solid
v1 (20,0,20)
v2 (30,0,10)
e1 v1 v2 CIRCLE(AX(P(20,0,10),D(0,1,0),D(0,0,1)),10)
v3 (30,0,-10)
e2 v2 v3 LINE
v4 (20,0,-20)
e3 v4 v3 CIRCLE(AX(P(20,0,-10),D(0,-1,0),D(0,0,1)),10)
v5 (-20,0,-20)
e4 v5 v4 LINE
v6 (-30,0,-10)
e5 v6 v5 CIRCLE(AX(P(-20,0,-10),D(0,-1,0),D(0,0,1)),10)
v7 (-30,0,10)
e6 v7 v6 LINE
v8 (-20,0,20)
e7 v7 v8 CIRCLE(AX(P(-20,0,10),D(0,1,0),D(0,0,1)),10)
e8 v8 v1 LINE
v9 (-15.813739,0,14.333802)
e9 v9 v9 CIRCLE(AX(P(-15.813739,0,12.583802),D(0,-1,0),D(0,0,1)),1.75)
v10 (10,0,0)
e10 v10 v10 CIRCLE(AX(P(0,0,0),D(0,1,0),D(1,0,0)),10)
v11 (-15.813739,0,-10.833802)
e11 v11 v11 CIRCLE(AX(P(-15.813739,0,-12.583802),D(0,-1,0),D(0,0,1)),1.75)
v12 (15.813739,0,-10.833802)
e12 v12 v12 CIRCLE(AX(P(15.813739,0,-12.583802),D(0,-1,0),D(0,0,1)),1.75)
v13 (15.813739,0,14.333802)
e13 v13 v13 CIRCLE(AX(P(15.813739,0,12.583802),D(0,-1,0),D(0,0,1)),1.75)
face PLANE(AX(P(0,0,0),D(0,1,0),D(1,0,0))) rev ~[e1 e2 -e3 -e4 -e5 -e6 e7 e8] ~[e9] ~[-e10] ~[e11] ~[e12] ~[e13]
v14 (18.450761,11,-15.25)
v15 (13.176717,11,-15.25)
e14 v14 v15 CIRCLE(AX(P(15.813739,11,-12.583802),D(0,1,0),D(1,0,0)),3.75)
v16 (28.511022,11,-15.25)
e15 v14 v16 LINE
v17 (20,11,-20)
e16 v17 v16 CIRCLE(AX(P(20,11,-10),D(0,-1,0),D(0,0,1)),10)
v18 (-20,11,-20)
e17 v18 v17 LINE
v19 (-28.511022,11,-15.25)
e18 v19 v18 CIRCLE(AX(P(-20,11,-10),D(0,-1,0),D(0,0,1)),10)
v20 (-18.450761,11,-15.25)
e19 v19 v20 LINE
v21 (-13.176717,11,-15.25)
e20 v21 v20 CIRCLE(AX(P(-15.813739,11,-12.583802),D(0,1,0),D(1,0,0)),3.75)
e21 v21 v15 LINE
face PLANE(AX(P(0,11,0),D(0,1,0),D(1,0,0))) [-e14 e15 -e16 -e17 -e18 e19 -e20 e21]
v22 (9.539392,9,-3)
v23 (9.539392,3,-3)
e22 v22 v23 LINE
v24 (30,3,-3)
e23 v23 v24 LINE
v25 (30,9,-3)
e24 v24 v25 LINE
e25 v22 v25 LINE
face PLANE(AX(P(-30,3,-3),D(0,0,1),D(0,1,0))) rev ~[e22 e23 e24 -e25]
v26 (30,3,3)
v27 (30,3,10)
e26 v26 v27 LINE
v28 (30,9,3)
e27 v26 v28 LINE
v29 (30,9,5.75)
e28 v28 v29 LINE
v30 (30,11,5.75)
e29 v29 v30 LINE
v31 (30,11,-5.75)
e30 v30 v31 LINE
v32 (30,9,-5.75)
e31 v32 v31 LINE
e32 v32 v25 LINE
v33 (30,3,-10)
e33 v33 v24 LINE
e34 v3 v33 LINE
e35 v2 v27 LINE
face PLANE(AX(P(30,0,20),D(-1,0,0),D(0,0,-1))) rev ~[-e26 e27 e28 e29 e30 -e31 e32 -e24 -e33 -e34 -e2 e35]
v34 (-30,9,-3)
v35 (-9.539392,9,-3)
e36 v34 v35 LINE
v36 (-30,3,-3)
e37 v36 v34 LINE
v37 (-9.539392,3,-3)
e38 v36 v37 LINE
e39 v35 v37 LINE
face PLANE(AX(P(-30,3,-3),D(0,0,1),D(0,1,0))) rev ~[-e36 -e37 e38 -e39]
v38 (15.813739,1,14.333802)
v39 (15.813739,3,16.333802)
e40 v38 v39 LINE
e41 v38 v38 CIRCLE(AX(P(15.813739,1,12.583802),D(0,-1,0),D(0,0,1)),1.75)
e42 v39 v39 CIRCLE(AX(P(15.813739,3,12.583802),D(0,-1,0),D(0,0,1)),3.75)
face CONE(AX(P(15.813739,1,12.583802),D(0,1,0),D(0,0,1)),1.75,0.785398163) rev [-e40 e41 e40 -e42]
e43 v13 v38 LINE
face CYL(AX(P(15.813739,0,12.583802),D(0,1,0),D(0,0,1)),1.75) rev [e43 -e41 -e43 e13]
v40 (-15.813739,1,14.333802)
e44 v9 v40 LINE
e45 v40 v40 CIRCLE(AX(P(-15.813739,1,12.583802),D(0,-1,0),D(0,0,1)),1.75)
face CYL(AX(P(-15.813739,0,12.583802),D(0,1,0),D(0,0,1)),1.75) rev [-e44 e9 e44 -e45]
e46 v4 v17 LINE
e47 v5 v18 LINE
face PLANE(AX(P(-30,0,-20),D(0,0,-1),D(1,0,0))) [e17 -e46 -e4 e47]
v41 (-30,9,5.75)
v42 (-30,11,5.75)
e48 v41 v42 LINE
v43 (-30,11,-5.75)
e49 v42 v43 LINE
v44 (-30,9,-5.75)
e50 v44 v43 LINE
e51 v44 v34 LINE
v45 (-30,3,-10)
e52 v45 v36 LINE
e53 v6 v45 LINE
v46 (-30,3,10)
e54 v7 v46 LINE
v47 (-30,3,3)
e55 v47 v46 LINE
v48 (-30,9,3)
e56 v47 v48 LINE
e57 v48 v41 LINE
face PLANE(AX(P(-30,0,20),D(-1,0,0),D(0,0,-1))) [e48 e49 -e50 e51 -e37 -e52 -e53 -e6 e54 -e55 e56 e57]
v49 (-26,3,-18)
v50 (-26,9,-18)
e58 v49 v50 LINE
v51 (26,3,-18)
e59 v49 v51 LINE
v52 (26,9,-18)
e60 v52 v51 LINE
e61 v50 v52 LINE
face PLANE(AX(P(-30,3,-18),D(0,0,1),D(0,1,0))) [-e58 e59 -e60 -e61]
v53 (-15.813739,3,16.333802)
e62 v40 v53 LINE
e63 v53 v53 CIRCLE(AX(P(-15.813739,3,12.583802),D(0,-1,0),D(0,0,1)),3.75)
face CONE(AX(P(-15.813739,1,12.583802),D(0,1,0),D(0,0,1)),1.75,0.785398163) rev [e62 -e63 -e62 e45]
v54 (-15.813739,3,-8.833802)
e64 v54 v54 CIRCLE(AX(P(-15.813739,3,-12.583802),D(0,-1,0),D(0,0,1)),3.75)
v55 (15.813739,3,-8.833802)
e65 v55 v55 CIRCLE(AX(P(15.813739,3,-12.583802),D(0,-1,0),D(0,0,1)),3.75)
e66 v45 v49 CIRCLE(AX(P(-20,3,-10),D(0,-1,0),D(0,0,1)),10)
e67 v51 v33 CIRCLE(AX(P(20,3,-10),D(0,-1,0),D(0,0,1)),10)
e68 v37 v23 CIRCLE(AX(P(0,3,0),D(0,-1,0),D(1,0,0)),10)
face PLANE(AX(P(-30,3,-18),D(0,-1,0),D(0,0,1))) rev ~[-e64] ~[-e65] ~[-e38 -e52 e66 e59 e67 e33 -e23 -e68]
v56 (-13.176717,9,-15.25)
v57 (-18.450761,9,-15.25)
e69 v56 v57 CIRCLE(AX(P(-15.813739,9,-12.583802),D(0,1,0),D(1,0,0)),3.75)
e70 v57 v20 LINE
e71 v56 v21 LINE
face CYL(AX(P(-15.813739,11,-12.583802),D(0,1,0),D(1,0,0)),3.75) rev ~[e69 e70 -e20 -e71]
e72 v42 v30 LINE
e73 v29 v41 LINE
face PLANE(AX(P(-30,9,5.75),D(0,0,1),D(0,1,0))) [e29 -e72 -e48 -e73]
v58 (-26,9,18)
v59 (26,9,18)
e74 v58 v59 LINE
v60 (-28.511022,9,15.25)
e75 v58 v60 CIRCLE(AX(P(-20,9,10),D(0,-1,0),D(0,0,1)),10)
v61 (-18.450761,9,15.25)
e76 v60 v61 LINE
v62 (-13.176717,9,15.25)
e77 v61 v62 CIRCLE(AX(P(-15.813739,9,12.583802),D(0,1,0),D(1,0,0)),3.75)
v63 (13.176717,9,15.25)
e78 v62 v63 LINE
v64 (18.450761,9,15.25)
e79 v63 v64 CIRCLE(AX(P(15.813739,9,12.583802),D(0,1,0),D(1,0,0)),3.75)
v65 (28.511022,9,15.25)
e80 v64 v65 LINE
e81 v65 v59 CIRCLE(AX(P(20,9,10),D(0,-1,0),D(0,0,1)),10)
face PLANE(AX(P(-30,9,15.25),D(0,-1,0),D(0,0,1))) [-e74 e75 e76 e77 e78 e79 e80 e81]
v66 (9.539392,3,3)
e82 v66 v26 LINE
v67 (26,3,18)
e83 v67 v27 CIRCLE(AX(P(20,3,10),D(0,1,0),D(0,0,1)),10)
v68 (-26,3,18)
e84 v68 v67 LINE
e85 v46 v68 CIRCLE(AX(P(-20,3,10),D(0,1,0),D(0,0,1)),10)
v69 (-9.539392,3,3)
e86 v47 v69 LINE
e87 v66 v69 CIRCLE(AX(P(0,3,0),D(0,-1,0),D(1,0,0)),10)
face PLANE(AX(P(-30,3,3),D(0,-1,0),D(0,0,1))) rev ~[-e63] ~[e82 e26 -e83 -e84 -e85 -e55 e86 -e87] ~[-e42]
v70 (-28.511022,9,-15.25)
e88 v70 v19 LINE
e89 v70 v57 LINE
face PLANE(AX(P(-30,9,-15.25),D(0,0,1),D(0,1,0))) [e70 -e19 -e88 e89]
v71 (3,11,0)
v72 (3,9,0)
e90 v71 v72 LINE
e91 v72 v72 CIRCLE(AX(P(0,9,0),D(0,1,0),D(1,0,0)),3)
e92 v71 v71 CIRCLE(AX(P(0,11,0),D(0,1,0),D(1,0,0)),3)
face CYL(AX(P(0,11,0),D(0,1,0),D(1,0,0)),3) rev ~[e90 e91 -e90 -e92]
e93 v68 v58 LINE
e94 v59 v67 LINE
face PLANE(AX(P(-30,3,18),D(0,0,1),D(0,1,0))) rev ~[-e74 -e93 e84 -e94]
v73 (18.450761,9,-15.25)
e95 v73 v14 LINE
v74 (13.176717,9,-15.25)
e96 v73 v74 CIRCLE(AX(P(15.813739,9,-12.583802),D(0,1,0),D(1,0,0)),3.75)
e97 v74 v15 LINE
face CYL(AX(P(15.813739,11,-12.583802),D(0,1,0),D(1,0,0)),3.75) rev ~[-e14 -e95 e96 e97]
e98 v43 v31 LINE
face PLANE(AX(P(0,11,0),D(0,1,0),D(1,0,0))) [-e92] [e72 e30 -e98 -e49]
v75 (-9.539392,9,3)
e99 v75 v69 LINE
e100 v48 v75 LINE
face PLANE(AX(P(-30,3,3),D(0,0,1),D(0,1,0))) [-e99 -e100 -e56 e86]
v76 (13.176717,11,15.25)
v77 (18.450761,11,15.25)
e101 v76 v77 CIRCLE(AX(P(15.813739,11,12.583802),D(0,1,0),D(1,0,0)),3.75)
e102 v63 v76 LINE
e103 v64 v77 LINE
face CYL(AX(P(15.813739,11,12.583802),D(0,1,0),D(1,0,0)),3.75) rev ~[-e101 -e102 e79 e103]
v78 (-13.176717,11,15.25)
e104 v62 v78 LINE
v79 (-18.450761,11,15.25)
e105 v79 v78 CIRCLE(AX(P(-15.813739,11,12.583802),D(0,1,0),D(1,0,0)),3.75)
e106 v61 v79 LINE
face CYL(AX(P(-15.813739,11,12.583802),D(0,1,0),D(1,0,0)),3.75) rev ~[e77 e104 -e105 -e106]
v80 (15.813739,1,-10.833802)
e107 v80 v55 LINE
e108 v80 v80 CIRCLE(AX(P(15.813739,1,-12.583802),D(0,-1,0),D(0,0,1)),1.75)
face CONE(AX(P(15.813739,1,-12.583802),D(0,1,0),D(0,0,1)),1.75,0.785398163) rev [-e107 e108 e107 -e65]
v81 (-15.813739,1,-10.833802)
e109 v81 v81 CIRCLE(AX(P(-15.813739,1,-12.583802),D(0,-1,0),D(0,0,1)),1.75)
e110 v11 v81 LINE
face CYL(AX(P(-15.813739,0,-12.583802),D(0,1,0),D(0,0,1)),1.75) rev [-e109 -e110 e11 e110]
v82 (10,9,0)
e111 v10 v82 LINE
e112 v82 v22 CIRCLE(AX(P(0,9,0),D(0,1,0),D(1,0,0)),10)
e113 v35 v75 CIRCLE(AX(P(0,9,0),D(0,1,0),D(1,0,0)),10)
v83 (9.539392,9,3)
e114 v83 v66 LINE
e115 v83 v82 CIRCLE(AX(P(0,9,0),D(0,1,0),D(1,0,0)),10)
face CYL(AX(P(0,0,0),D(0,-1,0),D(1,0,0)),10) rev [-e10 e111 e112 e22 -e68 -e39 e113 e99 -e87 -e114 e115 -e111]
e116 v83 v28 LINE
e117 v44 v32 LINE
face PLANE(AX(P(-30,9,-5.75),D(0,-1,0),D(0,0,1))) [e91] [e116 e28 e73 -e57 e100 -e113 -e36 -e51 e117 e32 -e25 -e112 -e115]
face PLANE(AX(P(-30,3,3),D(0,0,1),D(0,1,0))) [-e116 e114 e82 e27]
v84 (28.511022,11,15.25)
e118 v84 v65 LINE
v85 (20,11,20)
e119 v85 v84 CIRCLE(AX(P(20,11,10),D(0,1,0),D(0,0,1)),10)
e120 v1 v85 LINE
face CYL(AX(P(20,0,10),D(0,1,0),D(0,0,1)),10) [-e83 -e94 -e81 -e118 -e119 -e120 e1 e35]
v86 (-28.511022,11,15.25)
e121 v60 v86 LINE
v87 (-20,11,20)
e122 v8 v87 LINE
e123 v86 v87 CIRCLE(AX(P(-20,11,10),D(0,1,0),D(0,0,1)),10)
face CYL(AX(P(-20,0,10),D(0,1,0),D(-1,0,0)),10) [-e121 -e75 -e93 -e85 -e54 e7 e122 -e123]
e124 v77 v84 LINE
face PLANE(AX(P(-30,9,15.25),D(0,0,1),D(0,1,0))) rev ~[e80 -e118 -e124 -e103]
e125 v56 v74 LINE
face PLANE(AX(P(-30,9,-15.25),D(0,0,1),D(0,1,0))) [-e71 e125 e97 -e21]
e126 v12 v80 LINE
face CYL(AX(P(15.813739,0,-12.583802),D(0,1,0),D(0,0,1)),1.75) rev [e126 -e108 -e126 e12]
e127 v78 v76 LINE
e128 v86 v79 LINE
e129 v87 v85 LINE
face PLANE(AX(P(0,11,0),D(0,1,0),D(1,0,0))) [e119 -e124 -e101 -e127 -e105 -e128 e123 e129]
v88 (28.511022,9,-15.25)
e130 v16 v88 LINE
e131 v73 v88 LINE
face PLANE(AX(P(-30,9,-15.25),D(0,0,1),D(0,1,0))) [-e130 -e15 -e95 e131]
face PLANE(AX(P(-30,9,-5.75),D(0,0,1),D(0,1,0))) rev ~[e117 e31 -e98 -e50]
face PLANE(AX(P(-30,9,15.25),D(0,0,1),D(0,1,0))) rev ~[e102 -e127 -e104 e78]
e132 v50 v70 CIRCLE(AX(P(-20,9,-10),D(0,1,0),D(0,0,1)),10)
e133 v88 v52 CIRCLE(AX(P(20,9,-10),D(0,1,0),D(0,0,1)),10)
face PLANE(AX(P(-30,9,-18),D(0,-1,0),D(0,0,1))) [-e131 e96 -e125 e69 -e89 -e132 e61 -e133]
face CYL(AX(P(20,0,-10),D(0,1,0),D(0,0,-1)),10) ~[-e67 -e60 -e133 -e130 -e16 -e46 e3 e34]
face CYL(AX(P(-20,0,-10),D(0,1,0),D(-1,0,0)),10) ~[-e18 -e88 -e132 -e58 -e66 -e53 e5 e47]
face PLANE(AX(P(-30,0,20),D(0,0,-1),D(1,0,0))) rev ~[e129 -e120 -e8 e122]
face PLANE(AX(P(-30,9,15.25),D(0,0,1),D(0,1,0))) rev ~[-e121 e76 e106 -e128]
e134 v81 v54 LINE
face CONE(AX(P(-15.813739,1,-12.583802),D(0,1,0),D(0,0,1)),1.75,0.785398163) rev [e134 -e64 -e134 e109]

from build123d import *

# Parameters (mm, degrees)
SKETCH1_W                                    = 60
SKETCH1_H                                    = 40
BOSS_EXTRUDE1_DEPTH                          = 11
SKETCH3_W                                    = 15
SKETCH3_H                                    = 6
SKETCH3_W_2                                  = 9.5
SKETCH3_H_2                                  = 2
CUT_EXTRUDE10_DEPTH                          = 61
CSK_FOR_M3_HEX_SOCKET_COUNTERSUNK_CA_2_COUNT = 2
CSK_FOR_M3_HEX_SOCKET_COUNTERSUNK_CA_2_PITCH = 25.167603026
CSK_FOR_M3_HEX_SOCKET_COUNTERSUNK_CA_3_COUNT = 2
CSK_FOR_M3_HEX_SOCKET_COUNTERSUNK_CA_3_PITCH = 40.419124333
CSK_FOR_M3_HEX_SOCKET_COUNTERSUNK_CA_4_COUNT = 2
CSK_FOR_M3_HEX_SOCKET_COUNTERSUNK_CA_4_PITCH = 31.627478082
SKETCH1_6_R                                  = 10
CUT_EXTRUDE19_DEPTH                          = 9
CUT_EXTRUDE21_START                          = 11
SKETCH1_7_R                                  = 3
CUT_EXTRUDE21_DEPTH                          = 12
SKETCH8_R                                    = 3.75
CUT_EXTRUDE22_DEPTH                          = 2
FILLET1_R                                    = 10


with BuildPart() as part:
    # Sketch1 → Boss-Extrude1 (new body)
    with BuildSketch(Plane(origin=(0, 0, 0), x_dir=(1, 0, 0), z_dir=(0, 1, 0))):
        Rectangle(SKETCH1_W, SKETCH1_H)
    extrude(amount=BOSS_EXTRUDE1_DEPTH)

    # Sketch3 → Cut-Extrude10 (cut, through all)
    with BuildSketch(Plane.ZY.offset(30)):
        with Locations((10.5, 6)):
            Rectangle(SKETCH3_W, SKETCH3_H)
        with Locations((-10.5, 6)):
            Rectangle(SKETCH3_W, SKETCH3_H)
        with Locations((-10.5, 10)):
            Rectangle(SKETCH3_W_2, SKETCH3_H_2)
        with Locations((10.5, 10)):
            Rectangle(SKETCH3_W_2, SKETCH3_H_2)
    extrude(amount=-CUT_EXTRUDE10_DEPTH, mode=Mode.SUBTRACT)

    # Sketch7 → CSK for M3 Hex Socket Countersunk Cap Screw2 (revolve, cut)
    with BuildSketch(Plane(origin=(15.813739041, 3, -12.583801513), x_dir=(0, 0, 1), z_dir=(1, 0, 0))):
        Polygon((0, 0), (0, 3), (1.75, 3), (1.75, 2), (3.75, 0), align=None)
    csk_for_m3_hex_socket_countersunk_cap_sc = revolve(axis=Axis((15.813739041, 9.35, -12.583801513), (0, -1, 0)), mode=Mode.SUBTRACT)

    # CSK for M3 Hex Socket Countersunk Ca 2: CSK for M3 Hex Socket Countersunk Cap Screw2 ×2
    with Locations(*[(0, 0, i * CSK_FOR_M3_HEX_SOCKET_COUNTERSUNK_CA_2_PITCH) for i in range(1, CSK_FOR_M3_HEX_SOCKET_COUNTERSUNK_CA_2_COUNT)]):
        add(csk_for_m3_hex_socket_countersunk_cap_sc, mode=Mode.SUBTRACT)

    # CSK for M3 Hex Socket Countersunk Ca 3: CSK for M3 Hex Socket Countersunk Cap Screw2 ×2
    with Locations(*[Vector(-0.782487958, 0, 0.622665717) * (i * CSK_FOR_M3_HEX_SOCKET_COUNTERSUNK_CA_3_PITCH) for i in range(1, CSK_FOR_M3_HEX_SOCKET_COUNTERSUNK_CA_3_COUNT)]):
        add(csk_for_m3_hex_socket_countersunk_cap_sc, mode=Mode.SUBTRACT)

    # CSK for M3 Hex Socket Countersunk Ca 4: CSK for M3 Hex Socket Countersunk Cap Screw2 ×2
    with Locations(*[(-i * CSK_FOR_M3_HEX_SOCKET_COUNTERSUNK_CA_4_PITCH, 0, 0) for i in range(1, CSK_FOR_M3_HEX_SOCKET_COUNTERSUNK_CA_4_COUNT)]):
        add(csk_for_m3_hex_socket_countersunk_cap_sc, mode=Mode.SUBTRACT)

    # Sketch1<6> → Cut-Extrude19 (cut)
    with BuildSketch(Plane(origin=(0, 0, 0), x_dir=(1, 0, 0), z_dir=(0, 1, 0))):
        Circle(SKETCH1_6_R)
    extrude(amount=CUT_EXTRUDE19_DEPTH, mode=Mode.SUBTRACT)

    # Sketch1<7> → Cut-Extrude21 (cut, through all)
    with BuildSketch(Plane(origin=(0, 0, 0), x_dir=(1, 0, 0), z_dir=(0, 1, 0)).offset(CUT_EXTRUDE21_START)):
        Circle(SKETCH1_7_R)
    extrude(amount=-CUT_EXTRUDE21_DEPTH, mode=Mode.SUBTRACT)

    # Sketch8 → Cut-Extrude22 (cut)
    with BuildSketch(Plane(origin=(0, 11, 0), x_dir=(1, 0, 0), z_dir=(0, 1, 0))):
        with Locations((-15.813739041, -12.583801513)):
            Circle(SKETCH8_R)
        with Locations((15.813739041, -12.583801513)):
            Circle(SKETCH8_R)
        with Locations((15.813739041, 12.583801513)):
            Circle(SKETCH8_R)
        with Locations((-15.813739041, 12.583801513)):
            Circle(SKETCH8_R)
    extrude(amount=-CUT_EXTRUDE22_DEPTH, mode=Mode.SUBTRACT)

    # Fillet1
    fillet1_edges = [part.edges().sort_by_distance(p)[0] for p in [
        (30, 5.5, -20),
        (30, 5.5, 20),
        (-30, 5.5, 20),
        (-30, 5.5, -20),
    ]]
    fillet(fillet1_edges, radius=FILLET1_R)


solid = part.part
